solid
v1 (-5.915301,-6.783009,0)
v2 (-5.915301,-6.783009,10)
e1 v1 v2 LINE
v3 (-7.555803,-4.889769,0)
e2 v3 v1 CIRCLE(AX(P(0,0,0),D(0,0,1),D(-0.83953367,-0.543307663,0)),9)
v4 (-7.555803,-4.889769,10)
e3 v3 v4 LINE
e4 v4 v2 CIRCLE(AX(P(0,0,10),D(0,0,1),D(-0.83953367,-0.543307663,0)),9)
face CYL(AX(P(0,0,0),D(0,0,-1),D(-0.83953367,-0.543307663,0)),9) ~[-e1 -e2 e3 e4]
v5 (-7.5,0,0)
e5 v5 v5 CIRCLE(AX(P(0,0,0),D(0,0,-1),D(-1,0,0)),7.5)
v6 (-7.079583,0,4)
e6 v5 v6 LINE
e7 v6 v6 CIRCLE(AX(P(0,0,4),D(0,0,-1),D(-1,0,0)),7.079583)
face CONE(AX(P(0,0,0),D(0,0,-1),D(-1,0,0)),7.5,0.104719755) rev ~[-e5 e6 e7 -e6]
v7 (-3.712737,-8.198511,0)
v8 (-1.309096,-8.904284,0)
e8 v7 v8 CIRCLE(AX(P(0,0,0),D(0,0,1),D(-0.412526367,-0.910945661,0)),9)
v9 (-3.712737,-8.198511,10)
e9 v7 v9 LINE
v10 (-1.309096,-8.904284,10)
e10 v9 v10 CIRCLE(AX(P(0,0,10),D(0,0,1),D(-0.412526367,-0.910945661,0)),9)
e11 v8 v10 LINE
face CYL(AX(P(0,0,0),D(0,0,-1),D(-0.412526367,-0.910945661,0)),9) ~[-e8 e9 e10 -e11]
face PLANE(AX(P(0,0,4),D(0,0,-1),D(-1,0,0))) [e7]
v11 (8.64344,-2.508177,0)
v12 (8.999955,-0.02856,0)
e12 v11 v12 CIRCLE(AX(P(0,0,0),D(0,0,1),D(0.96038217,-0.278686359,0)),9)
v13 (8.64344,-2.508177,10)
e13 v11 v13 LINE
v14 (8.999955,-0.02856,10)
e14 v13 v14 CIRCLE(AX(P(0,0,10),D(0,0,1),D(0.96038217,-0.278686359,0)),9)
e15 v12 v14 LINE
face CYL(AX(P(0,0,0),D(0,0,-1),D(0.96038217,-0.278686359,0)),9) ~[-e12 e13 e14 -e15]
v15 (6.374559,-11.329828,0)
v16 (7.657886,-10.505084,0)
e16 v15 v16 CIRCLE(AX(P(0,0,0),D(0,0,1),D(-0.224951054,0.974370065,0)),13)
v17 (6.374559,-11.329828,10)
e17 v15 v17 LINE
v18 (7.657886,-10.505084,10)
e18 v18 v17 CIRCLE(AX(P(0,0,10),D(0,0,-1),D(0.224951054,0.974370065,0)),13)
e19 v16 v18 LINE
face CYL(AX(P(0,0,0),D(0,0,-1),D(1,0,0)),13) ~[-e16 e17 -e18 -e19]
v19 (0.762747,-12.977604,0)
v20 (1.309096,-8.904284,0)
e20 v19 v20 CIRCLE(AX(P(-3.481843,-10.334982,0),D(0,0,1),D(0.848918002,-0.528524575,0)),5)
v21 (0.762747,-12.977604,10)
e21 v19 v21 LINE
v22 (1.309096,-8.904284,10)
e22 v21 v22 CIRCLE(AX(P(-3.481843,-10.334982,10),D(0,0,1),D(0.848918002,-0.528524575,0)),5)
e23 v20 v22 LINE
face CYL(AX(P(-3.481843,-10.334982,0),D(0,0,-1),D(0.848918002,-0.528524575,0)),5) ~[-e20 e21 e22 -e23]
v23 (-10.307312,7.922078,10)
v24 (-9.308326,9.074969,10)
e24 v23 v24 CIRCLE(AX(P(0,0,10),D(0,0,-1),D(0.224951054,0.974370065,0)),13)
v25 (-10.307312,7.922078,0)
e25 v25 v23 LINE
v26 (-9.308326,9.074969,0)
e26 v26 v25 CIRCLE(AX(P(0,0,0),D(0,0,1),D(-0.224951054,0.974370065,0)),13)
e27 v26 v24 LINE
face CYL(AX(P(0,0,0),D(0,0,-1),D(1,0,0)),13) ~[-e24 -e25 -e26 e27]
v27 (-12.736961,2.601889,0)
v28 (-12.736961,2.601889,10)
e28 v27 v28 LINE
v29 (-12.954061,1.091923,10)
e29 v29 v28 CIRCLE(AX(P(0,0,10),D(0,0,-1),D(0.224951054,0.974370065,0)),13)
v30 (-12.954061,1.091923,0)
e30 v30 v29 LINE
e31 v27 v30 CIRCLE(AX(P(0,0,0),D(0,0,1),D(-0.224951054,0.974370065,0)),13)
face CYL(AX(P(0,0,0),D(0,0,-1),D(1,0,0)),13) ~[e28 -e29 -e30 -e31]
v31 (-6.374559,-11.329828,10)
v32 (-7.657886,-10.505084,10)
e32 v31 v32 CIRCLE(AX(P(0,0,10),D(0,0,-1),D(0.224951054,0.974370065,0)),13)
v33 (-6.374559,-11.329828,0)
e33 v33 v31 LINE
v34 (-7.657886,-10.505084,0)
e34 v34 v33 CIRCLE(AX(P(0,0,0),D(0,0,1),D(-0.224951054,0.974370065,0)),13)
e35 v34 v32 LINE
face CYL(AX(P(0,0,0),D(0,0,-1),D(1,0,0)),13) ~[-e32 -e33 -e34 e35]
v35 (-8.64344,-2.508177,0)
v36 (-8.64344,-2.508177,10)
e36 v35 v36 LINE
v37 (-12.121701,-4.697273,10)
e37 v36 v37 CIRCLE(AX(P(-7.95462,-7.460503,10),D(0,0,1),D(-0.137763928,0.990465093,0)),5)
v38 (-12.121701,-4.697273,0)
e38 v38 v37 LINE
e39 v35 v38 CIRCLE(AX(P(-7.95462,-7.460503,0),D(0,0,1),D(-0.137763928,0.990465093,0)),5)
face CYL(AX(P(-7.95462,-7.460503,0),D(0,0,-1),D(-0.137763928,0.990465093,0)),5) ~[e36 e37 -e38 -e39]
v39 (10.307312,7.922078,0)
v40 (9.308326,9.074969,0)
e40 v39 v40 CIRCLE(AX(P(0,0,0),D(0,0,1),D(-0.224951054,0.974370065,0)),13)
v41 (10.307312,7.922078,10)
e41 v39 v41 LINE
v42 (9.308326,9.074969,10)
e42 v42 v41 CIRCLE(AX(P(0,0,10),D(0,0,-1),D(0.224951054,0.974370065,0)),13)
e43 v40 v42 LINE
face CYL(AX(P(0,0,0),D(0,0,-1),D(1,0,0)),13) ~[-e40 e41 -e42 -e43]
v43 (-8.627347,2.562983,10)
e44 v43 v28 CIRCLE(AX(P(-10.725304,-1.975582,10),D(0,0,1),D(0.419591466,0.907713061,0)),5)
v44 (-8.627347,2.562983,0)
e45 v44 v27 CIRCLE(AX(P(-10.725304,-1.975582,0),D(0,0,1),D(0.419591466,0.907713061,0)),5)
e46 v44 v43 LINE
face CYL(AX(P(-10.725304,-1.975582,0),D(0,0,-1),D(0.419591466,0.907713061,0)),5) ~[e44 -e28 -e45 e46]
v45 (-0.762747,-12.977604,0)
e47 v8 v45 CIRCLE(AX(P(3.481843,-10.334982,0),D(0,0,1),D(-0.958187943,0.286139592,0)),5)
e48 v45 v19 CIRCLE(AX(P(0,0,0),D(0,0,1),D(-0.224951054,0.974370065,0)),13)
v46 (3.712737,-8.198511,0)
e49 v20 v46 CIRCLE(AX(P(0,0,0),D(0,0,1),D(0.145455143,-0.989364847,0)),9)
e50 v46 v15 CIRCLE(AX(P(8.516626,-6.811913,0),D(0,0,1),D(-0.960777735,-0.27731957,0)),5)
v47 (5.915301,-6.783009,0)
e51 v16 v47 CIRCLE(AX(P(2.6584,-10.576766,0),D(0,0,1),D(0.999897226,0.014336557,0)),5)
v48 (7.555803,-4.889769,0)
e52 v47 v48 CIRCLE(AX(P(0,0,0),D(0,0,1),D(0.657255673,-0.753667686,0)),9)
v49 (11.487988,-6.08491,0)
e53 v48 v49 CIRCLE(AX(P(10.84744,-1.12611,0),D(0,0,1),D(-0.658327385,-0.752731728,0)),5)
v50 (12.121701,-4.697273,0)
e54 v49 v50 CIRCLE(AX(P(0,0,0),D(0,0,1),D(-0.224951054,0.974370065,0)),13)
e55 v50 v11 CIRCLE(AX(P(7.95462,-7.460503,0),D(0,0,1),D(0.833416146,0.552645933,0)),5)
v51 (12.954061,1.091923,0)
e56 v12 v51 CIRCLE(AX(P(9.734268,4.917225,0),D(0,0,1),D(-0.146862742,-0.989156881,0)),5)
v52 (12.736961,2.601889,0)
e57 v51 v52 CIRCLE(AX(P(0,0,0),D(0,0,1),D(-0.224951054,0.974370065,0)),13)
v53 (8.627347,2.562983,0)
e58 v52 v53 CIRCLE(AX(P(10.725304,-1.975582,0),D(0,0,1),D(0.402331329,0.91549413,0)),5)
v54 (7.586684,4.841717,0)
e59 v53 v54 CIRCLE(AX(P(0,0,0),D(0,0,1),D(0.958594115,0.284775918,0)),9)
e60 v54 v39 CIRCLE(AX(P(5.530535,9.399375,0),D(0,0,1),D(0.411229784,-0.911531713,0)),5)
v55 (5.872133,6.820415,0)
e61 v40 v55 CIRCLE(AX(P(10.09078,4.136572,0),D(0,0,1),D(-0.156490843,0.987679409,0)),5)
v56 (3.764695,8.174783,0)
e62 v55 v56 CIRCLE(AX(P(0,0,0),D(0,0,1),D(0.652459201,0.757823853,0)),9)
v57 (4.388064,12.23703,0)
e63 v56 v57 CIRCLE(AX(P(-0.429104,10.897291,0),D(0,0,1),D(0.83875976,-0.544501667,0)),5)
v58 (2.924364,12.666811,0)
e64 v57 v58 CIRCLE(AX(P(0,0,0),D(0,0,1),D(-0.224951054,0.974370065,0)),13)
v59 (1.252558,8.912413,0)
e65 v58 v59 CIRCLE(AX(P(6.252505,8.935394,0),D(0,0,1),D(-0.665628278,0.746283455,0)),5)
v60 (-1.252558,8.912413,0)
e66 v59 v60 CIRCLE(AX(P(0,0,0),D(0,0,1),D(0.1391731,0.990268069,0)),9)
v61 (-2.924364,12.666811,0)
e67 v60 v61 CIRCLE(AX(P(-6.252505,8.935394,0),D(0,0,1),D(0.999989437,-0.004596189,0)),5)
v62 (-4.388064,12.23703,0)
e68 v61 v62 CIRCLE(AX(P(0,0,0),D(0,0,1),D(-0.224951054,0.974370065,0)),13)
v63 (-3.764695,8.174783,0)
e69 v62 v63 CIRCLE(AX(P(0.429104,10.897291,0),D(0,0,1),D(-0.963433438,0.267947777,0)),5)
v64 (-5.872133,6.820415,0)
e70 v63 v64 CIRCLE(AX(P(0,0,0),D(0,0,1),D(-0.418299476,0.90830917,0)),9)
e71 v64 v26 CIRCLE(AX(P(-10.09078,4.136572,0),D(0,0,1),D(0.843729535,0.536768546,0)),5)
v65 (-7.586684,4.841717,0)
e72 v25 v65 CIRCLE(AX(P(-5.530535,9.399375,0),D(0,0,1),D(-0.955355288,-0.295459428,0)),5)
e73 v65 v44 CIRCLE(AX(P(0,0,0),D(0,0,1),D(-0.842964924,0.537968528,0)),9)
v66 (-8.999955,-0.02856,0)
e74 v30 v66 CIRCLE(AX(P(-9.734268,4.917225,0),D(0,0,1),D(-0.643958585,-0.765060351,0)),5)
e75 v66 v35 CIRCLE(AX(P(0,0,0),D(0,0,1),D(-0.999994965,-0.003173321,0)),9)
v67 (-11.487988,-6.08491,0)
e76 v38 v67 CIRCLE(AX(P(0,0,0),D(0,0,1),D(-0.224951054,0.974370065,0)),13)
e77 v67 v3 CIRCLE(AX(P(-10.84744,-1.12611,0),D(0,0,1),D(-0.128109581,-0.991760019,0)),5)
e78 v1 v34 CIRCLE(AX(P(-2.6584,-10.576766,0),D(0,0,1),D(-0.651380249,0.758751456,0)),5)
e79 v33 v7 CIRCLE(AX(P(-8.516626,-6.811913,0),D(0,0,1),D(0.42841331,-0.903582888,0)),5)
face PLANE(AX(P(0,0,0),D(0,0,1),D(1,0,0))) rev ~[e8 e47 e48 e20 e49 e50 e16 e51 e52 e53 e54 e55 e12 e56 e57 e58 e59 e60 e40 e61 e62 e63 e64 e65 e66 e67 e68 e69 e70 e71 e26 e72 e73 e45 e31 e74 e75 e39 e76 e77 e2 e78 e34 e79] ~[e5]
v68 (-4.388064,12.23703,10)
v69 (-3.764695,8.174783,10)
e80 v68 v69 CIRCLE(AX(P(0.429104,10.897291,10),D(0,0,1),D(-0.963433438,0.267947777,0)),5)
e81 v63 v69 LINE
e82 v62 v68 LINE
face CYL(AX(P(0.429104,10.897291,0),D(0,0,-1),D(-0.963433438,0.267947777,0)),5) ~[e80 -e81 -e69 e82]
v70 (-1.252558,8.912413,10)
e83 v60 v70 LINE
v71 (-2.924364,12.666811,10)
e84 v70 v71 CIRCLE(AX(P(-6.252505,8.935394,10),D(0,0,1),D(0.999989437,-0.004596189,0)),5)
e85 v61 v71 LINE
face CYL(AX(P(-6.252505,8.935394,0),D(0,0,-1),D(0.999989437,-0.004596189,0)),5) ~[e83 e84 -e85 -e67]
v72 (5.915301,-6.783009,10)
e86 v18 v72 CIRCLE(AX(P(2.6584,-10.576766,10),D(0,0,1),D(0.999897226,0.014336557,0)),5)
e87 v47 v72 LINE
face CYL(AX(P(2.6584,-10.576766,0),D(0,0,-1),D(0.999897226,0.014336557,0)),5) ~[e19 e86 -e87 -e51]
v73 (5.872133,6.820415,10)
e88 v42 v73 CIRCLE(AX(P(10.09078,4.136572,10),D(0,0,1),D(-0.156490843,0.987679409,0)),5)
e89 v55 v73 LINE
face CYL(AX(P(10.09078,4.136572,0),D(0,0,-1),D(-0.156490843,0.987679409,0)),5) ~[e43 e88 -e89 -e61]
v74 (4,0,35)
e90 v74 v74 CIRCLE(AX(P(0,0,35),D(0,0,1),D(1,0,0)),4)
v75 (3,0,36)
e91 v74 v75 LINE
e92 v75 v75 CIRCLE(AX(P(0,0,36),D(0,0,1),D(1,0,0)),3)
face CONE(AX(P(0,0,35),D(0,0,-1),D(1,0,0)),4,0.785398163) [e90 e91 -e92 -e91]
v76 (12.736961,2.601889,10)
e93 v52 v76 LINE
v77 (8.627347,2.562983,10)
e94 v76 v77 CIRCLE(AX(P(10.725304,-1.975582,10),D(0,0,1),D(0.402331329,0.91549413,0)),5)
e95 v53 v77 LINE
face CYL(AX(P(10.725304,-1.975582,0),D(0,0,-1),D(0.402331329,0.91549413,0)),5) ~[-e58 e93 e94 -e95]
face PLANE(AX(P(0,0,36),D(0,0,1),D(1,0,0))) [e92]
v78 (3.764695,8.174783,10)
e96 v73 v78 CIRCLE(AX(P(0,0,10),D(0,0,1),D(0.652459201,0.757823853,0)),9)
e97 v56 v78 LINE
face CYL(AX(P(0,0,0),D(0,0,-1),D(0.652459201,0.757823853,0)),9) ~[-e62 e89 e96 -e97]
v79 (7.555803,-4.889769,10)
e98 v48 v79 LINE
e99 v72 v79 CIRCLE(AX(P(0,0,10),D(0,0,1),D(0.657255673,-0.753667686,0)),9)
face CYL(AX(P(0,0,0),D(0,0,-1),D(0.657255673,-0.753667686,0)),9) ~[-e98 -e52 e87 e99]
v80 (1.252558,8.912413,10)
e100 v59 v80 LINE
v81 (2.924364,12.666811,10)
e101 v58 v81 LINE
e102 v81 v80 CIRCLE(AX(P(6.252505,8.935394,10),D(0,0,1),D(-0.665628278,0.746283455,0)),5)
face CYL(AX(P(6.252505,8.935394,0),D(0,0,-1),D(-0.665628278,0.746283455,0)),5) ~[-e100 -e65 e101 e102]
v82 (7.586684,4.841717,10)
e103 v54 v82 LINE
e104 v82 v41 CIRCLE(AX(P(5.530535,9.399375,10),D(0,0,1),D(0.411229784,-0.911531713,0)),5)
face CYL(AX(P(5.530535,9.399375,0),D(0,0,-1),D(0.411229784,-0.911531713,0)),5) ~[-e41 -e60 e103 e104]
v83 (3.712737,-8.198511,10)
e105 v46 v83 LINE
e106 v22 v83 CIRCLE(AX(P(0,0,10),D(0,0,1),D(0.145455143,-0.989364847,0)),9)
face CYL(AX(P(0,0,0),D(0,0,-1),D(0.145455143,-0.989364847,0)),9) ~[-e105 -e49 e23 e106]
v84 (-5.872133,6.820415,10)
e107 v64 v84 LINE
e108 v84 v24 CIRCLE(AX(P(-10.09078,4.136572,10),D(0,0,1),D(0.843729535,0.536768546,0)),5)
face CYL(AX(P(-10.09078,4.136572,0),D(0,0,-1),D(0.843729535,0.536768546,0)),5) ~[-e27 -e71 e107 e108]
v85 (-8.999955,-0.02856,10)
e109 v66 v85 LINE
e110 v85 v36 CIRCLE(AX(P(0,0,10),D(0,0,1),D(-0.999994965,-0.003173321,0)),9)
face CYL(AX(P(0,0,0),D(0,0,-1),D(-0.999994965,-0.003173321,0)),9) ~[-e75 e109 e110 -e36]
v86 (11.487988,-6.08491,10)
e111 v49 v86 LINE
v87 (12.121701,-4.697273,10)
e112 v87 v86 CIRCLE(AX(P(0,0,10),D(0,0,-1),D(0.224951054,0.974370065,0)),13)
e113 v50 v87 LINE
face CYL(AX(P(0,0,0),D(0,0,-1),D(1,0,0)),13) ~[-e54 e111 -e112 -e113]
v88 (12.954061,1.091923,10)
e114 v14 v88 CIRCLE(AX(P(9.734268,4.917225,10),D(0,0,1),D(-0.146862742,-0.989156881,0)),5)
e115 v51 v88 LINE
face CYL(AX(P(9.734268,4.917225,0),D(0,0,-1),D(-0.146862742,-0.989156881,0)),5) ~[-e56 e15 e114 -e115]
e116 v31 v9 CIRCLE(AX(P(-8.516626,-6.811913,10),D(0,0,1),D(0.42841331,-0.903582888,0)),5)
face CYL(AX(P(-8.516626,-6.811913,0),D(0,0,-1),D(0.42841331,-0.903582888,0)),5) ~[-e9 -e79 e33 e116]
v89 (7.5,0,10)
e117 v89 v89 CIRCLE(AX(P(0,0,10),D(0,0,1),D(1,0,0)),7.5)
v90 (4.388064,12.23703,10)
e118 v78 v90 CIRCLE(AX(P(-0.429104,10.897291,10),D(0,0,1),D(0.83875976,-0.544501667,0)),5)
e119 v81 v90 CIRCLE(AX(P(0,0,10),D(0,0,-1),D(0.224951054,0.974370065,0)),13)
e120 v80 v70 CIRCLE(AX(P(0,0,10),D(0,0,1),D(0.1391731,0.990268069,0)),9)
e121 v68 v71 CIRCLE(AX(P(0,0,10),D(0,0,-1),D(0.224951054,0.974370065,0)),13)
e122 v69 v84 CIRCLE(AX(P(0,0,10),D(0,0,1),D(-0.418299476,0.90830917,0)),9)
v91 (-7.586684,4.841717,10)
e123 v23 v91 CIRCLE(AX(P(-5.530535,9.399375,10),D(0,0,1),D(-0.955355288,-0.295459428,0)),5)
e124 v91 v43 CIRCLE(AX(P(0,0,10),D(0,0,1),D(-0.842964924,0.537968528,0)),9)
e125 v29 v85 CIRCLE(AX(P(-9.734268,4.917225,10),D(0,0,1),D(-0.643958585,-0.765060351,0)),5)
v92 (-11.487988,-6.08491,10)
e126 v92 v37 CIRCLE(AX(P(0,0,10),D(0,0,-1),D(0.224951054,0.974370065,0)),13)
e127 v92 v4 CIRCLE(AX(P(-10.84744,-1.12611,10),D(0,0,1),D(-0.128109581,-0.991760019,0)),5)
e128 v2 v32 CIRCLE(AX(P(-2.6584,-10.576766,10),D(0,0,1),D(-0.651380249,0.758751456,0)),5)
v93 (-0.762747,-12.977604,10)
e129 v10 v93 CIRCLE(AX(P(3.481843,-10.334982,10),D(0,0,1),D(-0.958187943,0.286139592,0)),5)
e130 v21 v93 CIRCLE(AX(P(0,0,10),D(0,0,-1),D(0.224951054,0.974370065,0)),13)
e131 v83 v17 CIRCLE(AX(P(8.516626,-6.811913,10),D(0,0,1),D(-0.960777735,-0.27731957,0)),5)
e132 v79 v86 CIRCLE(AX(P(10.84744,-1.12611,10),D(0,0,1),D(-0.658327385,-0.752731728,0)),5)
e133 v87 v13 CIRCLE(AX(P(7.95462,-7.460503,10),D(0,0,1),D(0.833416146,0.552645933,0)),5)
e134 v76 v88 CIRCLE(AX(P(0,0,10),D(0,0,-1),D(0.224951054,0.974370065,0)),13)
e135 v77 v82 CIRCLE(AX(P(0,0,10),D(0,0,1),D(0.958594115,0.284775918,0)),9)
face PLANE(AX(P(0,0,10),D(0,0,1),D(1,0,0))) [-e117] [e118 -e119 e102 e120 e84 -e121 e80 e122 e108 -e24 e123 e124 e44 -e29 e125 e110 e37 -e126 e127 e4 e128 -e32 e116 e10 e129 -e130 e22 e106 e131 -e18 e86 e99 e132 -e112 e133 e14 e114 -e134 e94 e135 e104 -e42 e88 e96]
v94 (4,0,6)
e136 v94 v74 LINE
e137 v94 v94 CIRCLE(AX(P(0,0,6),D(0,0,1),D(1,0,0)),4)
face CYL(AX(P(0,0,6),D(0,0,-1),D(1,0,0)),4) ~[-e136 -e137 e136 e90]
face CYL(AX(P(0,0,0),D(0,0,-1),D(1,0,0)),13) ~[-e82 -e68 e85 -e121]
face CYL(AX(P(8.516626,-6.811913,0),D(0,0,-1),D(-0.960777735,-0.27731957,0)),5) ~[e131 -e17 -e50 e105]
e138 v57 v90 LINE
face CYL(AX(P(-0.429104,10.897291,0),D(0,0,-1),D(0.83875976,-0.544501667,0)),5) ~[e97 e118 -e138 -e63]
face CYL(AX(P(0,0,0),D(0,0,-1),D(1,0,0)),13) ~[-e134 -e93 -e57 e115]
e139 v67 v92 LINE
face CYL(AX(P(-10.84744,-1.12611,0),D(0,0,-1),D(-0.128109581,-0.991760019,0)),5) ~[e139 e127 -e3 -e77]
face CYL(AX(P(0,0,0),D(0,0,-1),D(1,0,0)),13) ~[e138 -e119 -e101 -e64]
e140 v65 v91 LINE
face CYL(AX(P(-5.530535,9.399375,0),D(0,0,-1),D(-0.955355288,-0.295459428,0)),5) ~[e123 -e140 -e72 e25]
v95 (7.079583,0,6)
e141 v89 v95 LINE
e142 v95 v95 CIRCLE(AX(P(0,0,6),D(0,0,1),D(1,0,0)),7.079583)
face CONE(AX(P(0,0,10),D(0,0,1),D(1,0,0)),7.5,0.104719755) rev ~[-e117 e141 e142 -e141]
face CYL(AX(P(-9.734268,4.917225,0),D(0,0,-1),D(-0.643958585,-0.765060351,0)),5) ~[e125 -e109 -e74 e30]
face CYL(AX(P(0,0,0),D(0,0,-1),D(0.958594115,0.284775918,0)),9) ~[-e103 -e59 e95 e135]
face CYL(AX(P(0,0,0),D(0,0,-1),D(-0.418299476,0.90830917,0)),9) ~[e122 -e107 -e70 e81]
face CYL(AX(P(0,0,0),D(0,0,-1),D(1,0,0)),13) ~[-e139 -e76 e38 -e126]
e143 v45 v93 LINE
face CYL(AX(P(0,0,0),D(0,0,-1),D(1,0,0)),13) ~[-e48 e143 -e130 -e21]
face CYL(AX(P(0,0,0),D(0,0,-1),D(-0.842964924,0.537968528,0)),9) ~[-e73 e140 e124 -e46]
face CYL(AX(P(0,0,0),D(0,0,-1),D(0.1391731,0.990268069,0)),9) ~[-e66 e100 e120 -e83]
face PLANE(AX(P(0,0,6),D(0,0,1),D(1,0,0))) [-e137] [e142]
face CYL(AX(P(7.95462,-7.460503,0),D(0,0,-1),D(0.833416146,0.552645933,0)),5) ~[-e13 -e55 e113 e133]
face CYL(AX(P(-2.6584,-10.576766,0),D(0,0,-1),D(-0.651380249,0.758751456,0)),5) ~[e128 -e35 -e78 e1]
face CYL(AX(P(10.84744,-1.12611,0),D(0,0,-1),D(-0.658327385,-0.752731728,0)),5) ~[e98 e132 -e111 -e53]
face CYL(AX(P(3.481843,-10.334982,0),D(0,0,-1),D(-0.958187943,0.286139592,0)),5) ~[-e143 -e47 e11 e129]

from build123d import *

# Parameters (mm, degrees)
SKETCH_1_R               = 13
EXTRUDE_1_DEPTH          = 10
CUT_EXTRUDE_START        = -10
CUT_EXTRUDE_1_DEPTH      = 10
PATTERN_CIRCULAR_3_COUNT = 11
SKETCH_3_R               = 7.5
CUT_EXTRUDE_2_DEPTH      = 4
CUT_EXTRUDE_2_DRAFT      = -6
SKETCH_4_R               = 7.5
CUT_EXTRUDE_3_DEPTH      = 4
CUT_EXTRUDE_3_DRAFT      = -6
SKETCH_5_R               = 4
EXTRUDE_2_DEPTH          = 30
CHAMFER_1_SIZE           = 1


with BuildPart() as part:
    # Эскиз1 → Бобышка-Вытянуть1 (new body)
    with BuildSketch(Plane.XY):
        Circle(SKETCH_1_R)
    extrude(amount=EXTRUDE_1_DEPTH)

    # Эскиз2 → Вырез-Вытянуть1 (cut)
    with BuildSketch(Plane.XY.offset(10).offset(CUT_EXTRUDE_START)):
        with BuildLine():
            ThreePointArc((1.252557909, 8.912412619), (0, 9), (-1.252557909, 8.912412619))
            ThreePointArc((-1.252557909, 8.912412619), (-1.684886314, 10.969320472), (-2.924363706, 12.666810842))
            ThreePointArc((-2.924363706, 12.666810842), (0, 13), (2.924363706, 12.666810842))
            ThreePointArc((2.924363706, 12.666810842), (1.684886314, 10.969320472), (1.252557909, 8.912412619))
        make_face()
    cut_extrude_1 = extrude(amount=CUT_EXTRUDE_1_DEPTH, mode=Mode.SUBTRACT)

    # Круговой массив3: Вырез-Вытянуть1 ×11 about axis
    pattern_circular_3_axis = Axis((0, 0, 0), (0, 0, 1))
    for i in range(1, PATTERN_CIRCULAR_3_COUNT):
        add(cut_extrude_1.rotate(pattern_circular_3_axis, i * 360 / PATTERN_CIRCULAR_3_COUNT), mode=Mode.SUBTRACT)


with BuildPart() as cut_extrude_2_tool:
    # Эскиз3 → Вырез-Вытянуть2 (with draft: the straight prism first)
    with BuildSketch(Plane.XY.offset(10)):
        Circle(SKETCH_3_R)
    extrude(amount=-CUT_EXTRUDE_2_DEPTH)
    # Вырез-Вытянуть2: the draft: its side faces are tilted about the plane it starts from
    cut_extrude_2_sides = [cut_extrude_2_tool.faces().sort_by_distance(p)[0] for p in [
        (-7.5, 0, 8),
    ]]
    draft(cut_extrude_2_sides, Plane.XY.offset(10), CUT_EXTRUDE_2_DRAFT)


with BuildPart() as part_1:
    add(part.part)

    # Вырез-Вытянуть2: cut by cut_extrude_2_tool
    add(cut_extrude_2_tool.part, mode=Mode.SUBTRACT)


with BuildPart() as cut_extrude_3_tool:
    # Эскиз4 → Вырез-Вытянуть3 (with draft: the straight prism first)
    with BuildSketch(Plane(origin=(0, 0, 0), x_dir=(-1, 0, 0), z_dir=(0, 0, -1))):
        Circle(SKETCH_4_R)
    extrude(amount=-CUT_EXTRUDE_3_DEPTH)
    # Вырез-Вытянуть3: the draft: its side faces are tilted about the plane it starts from
    cut_extrude_3_sides = [cut_extrude_3_tool.faces().sort_by_distance(p)[0] for p in [
        (7.5, 0, 2),
    ]]
    draft(cut_extrude_3_sides, Plane(origin=(0, 0, 0), x_dir=(-1, 0, 0), z_dir=(0, 0, -1)), CUT_EXTRUDE_3_DRAFT)


with BuildPart() as part_2:
    add(part_1.part)

    # Вырез-Вытянуть3: cut by cut_extrude_3_tool
    add(cut_extrude_3_tool.part, mode=Mode.SUBTRACT)

    # Эскиз5 → Бобышка-Вытянуть2 (add)
    with BuildSketch(Plane.XY.offset(6)):
        Circle(SKETCH_5_R)
    extrude(amount=EXTRUDE_2_DEPTH)

    # Фаска1
    chamfer_1_edges = [part_2.edges().sort_by_distance(p)[0] for p in [
        (-4, 0, 36),
    ]]
    chamfer(chamfer_1_edges, length=CHAMFER_1_SIZE)


solid = part_2.part
